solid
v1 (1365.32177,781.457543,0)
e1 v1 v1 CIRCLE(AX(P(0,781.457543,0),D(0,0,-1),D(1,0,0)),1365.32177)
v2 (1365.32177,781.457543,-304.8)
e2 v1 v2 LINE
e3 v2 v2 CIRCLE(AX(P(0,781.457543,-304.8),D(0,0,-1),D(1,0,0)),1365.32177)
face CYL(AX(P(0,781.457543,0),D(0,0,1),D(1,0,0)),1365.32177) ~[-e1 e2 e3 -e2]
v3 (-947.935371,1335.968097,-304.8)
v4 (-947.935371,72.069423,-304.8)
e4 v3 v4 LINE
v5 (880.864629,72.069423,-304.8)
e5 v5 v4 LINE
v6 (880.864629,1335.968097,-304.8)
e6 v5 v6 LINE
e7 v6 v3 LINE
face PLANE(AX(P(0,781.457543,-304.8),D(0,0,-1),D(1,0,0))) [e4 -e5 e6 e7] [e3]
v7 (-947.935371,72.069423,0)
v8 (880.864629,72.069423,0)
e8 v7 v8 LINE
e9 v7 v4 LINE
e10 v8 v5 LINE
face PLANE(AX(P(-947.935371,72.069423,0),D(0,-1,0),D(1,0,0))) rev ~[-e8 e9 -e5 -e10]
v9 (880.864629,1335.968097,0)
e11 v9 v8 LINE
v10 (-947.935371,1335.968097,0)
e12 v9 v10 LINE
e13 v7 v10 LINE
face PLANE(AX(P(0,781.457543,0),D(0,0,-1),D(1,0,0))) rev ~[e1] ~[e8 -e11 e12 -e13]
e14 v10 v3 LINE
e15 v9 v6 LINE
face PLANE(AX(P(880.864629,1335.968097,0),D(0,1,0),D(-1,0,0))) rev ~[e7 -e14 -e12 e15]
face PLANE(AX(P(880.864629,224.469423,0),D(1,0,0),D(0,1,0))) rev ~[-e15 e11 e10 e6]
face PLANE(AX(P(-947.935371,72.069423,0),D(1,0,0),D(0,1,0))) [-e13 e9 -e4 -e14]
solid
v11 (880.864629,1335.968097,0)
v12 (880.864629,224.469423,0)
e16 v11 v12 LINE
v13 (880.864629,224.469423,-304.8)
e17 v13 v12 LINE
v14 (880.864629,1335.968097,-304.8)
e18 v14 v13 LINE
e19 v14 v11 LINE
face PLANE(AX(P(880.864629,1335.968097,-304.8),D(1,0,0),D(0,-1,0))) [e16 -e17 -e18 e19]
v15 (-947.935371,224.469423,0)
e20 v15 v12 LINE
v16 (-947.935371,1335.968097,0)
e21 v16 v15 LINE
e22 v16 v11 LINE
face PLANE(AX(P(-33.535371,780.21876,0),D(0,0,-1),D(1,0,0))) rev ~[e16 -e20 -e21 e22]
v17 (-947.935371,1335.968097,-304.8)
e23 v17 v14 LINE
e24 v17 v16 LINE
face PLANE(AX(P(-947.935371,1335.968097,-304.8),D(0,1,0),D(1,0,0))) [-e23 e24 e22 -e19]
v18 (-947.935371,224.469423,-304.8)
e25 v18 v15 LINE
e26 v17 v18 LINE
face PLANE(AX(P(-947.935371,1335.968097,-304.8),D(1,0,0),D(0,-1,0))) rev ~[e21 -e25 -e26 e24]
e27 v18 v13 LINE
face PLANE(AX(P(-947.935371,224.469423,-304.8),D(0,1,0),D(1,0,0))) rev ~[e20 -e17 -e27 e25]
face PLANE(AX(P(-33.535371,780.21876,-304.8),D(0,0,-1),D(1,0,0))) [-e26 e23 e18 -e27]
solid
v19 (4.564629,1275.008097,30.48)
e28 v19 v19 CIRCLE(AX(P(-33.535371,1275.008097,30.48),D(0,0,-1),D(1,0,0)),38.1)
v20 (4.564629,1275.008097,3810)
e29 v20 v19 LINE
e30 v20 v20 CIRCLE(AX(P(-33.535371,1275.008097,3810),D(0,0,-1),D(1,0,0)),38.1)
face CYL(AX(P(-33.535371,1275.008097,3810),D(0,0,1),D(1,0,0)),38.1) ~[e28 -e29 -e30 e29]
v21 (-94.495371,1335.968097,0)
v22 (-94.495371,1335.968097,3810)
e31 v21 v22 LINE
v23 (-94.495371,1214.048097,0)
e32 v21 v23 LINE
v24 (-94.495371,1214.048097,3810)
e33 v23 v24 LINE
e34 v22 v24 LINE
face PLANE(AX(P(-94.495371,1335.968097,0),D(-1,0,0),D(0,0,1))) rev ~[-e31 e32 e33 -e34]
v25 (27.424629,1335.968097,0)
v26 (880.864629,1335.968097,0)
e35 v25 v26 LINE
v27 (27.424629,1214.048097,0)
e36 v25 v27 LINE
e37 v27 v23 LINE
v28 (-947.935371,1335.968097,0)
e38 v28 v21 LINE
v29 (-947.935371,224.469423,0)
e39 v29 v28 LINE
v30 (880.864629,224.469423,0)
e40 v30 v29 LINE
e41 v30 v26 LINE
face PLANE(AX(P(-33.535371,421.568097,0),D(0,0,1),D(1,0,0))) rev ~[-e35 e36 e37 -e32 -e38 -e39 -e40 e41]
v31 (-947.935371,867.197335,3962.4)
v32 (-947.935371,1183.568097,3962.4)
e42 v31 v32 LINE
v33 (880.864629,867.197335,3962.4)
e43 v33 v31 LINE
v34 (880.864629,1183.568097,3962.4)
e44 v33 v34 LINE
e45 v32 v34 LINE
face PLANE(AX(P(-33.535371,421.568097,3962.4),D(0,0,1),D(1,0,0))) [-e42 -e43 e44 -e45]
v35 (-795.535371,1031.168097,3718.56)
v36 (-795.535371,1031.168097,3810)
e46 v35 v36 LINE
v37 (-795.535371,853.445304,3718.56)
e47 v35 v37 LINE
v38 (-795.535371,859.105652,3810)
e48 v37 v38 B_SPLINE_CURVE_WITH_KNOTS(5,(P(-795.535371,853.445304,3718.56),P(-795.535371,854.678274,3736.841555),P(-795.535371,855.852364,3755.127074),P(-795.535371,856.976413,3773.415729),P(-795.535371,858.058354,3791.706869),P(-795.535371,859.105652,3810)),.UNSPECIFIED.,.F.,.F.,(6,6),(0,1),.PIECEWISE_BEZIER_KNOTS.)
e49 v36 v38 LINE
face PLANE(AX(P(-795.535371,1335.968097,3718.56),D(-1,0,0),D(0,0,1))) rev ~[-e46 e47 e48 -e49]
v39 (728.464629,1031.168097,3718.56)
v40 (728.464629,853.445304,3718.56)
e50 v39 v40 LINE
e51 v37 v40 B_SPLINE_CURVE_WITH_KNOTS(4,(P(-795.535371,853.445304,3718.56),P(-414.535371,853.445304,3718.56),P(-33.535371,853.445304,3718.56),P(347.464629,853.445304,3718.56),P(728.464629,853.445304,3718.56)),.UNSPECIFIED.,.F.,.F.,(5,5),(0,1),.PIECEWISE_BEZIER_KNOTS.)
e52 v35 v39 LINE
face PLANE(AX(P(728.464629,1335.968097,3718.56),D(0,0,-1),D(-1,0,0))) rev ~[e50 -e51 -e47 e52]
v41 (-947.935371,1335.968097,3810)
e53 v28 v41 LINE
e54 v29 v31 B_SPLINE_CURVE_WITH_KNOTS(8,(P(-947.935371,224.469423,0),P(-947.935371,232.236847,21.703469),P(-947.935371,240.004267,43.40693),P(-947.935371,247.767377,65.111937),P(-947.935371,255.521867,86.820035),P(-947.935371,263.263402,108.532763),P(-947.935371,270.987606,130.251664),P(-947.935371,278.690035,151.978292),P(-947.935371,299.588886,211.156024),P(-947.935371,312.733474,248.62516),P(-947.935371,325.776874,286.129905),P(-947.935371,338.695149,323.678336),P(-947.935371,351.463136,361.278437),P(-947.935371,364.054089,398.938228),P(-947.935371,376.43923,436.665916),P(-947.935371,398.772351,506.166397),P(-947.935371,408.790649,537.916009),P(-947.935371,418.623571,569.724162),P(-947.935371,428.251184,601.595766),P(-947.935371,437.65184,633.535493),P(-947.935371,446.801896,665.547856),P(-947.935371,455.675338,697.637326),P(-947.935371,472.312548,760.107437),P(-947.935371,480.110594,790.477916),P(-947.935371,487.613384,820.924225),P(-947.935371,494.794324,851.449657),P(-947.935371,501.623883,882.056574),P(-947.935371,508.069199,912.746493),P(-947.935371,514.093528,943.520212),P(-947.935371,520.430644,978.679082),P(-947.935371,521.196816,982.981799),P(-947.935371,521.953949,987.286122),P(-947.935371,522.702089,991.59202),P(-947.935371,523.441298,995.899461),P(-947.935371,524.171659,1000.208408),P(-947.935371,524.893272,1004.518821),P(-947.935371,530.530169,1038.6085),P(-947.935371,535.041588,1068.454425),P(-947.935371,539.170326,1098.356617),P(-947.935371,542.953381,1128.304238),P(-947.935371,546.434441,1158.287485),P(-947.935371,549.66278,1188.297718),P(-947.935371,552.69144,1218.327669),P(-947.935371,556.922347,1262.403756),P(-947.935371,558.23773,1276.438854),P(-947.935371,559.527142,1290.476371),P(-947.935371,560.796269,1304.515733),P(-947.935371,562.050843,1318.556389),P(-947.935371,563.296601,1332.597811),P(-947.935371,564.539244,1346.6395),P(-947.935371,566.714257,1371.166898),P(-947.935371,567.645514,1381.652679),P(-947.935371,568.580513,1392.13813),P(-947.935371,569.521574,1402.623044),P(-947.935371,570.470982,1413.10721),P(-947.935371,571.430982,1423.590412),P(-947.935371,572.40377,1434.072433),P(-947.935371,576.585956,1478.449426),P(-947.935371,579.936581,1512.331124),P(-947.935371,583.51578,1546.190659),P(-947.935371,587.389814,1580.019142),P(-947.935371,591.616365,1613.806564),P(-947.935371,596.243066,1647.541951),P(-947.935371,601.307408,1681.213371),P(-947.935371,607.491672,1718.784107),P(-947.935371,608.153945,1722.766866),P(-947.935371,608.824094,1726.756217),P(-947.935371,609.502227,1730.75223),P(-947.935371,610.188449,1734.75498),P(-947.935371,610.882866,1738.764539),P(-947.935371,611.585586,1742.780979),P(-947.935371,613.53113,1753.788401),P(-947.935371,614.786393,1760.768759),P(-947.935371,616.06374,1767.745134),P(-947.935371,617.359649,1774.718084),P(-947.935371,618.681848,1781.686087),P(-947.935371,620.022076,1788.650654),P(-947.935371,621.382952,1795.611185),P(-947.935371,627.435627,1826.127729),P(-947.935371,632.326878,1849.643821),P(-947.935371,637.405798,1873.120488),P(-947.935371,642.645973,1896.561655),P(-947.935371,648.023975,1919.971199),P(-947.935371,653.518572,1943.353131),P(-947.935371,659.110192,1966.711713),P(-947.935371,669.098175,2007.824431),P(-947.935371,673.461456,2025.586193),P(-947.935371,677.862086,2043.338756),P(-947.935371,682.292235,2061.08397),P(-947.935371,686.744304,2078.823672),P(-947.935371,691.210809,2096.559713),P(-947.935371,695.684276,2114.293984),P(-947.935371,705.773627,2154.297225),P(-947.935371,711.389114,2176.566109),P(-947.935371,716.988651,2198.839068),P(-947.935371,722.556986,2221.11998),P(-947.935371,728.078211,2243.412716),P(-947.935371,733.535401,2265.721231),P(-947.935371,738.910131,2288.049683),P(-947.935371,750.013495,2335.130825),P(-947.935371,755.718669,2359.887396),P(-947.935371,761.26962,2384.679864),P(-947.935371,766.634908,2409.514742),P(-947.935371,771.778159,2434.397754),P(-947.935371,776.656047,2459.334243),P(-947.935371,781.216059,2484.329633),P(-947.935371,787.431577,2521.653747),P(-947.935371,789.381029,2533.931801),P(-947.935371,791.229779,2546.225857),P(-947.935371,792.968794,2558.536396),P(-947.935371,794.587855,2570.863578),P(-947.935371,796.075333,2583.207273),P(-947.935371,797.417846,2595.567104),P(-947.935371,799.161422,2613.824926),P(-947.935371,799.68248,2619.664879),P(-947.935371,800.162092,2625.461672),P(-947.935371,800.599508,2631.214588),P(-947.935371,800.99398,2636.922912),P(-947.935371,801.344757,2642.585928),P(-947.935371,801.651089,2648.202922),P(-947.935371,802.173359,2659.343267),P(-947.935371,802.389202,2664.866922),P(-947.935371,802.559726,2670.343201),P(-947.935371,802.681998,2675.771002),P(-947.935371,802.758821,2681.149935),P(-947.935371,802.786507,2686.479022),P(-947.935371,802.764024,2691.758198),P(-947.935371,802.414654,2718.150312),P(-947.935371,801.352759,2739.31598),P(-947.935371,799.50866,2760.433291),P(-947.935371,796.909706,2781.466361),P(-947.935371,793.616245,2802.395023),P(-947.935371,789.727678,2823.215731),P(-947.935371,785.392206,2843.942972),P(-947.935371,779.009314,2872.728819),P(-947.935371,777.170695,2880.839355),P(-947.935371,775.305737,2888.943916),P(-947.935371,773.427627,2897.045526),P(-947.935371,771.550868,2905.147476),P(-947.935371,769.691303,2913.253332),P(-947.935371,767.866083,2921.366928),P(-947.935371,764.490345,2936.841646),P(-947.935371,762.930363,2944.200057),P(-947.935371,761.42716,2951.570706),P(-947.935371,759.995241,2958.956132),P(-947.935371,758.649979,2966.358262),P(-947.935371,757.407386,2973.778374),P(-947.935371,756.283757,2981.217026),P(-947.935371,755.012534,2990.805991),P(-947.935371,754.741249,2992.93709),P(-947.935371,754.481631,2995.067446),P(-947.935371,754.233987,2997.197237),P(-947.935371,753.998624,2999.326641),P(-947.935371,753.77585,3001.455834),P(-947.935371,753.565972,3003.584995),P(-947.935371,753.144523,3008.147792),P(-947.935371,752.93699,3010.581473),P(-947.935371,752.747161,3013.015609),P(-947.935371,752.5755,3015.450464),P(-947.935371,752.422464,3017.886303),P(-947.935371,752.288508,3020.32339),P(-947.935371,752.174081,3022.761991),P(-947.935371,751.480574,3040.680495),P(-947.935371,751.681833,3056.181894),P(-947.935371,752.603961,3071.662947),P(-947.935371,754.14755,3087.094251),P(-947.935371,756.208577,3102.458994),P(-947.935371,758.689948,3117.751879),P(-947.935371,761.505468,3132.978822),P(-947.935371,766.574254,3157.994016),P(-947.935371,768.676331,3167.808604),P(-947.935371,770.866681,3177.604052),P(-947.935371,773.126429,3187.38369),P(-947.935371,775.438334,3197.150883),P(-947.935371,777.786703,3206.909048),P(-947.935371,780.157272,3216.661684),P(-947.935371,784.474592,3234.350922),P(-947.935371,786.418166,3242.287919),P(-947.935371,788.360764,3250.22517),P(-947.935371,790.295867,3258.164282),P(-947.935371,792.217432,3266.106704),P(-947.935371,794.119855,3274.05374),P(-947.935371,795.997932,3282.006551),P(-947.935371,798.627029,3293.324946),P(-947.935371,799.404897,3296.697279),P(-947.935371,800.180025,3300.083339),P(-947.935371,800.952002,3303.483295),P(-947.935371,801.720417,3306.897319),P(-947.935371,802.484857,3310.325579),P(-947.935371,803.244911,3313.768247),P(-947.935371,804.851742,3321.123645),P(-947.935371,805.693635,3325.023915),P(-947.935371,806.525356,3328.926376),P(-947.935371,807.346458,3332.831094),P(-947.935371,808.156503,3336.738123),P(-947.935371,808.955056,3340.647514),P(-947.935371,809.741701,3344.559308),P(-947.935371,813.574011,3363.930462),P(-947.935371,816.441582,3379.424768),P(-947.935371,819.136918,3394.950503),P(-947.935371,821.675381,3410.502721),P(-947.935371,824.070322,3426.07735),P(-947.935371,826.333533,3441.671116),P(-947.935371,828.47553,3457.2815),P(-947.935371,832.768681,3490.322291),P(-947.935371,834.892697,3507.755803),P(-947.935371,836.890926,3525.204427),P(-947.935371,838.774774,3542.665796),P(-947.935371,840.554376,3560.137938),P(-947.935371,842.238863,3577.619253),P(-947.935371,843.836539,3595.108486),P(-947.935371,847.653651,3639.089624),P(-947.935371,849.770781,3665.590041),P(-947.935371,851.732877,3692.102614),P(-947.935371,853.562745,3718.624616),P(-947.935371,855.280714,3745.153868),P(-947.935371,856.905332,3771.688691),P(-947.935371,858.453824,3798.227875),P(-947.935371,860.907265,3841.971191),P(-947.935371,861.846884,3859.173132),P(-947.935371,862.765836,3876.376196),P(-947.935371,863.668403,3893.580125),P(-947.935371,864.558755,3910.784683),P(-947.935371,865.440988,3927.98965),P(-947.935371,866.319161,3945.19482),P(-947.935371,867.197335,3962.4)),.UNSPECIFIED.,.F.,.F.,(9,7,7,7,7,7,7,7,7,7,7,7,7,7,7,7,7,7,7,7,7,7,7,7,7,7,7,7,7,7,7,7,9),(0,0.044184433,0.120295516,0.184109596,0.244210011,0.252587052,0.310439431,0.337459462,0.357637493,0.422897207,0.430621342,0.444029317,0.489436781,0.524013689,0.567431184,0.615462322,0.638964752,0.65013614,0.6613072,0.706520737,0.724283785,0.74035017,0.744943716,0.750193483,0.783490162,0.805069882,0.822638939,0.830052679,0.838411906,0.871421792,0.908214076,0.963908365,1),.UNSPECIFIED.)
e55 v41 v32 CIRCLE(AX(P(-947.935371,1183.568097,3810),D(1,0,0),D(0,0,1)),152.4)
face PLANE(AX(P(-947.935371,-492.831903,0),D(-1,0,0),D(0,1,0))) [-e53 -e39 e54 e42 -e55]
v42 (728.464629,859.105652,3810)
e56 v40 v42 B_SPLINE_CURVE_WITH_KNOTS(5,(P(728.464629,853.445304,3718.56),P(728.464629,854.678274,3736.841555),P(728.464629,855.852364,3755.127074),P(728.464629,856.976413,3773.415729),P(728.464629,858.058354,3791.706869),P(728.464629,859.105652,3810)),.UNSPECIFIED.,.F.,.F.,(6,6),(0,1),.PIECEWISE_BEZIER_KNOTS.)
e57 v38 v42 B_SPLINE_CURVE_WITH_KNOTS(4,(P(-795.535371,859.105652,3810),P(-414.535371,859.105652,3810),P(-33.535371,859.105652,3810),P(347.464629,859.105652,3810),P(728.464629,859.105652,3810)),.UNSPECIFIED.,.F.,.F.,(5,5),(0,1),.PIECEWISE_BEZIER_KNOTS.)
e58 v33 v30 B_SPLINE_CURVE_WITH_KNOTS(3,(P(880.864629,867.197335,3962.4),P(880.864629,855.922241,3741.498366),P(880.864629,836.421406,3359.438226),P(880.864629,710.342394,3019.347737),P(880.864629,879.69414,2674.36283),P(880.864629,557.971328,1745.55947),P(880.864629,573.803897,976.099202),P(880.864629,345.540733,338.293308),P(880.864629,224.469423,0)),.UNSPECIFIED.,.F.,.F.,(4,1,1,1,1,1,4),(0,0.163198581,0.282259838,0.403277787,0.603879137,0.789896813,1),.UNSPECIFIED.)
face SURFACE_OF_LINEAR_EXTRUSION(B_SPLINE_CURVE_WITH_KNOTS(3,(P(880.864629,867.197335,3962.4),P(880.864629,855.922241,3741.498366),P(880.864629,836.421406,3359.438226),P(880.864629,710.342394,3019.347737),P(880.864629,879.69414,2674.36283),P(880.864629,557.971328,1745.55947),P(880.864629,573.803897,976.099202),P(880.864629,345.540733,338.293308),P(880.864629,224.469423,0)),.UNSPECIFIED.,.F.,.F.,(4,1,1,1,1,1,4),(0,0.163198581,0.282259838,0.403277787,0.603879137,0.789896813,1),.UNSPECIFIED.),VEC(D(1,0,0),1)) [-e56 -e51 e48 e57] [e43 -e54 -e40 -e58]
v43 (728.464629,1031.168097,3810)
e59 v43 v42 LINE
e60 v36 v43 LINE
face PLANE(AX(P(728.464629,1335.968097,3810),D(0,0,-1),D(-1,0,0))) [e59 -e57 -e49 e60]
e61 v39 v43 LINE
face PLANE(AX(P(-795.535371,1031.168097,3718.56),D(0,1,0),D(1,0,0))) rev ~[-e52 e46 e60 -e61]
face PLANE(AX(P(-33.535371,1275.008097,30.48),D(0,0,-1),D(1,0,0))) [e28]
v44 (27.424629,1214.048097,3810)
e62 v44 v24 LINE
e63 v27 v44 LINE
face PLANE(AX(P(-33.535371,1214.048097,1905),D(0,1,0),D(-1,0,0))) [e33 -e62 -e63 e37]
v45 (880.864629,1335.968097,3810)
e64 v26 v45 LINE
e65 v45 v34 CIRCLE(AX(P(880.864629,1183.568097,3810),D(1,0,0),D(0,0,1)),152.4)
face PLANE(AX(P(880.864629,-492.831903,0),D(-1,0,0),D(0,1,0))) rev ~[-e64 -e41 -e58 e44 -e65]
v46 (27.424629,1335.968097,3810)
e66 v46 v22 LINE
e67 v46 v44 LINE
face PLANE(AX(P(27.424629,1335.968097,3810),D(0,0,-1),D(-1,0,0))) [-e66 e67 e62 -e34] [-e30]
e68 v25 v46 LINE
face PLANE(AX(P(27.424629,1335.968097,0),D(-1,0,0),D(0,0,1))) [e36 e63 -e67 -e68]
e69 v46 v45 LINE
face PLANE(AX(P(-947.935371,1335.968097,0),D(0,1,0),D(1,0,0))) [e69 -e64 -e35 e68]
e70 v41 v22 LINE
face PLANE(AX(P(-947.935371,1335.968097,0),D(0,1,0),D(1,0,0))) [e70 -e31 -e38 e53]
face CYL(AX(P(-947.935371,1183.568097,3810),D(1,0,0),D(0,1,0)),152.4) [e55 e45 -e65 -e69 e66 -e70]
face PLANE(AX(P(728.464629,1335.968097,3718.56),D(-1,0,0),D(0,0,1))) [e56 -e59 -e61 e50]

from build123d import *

# Parameters (mm, degrees)
F0_W      = 1828.8
F0_H      = 1828.8
F1_DEPTH  = 3962.4
F3_DEPTH  = 1828.801
F4_R      = 1365.3217697693
F5_DEPTH  = 304.8
F6_W      = 1828.8
F6_H      = 1111.4986732128
F8_DEPTH  = 304.8
F7_R      = 1795.3323418284
F7_W      = 1828.8
F7_H      = 1111.4986732128
F9_DEPTH  = 304.8
F10_R     = 152.4
F11_W     = 1524
F11_H     = 91.44
F12_DEPTH = 2338.3258338011
F13_W     = 1524
F13_H     = 304.8
F14_DEPTH = 91.44
F15_W     = 121.92
F15_H     = 3810
F16_DEPTH = 121.92
F17_R     = 38.1
F18_DEPTH = 3779.52
F20_W     = 1828.8
F20_H     = 152.4
F21_DEPTH = 304.801


with BuildPart() as f1:
    # F0 (on Top) → F1 (new body)
    with BuildSketch(Plane.XY):
        with Locations((-33.5353706032, 421.5680965069)):
            Rectangle(F0_W, F0_H)
    extrude(amount=F1_DEPTH)

    # F2 (on face) → F3 (cut, through all)
    with BuildSketch(Plane.YZ.offset(880.8646293968)):
        with BuildLine():
            add(Edge.make_bspline(
                [(867.1973347664, 3962.4), (855.9222409024, 3741.4983659509), (836.4214056516, 3359.4382262864), (710.3423939879, 3019.3477369058), (879.6941403278, 2674.362829819), (557.9713275543, 1745.5594696148), (573.8038971935, 976.099202154), (345.5407326385, 338.2933084374), (224.4694232941, 0)],
                knots=[0, 0, 0, 0, 0.1631985806, 0.2822598381, 0.4032777866, 0.6038791368, 0.7898968135, 1, 1, 1, 1], degree=3))
            Line((867.1973347664, 3962.4), (-492.8319034931, 3962.4))
            Line((-492.8319034931, 3962.4), (-492.8319034931, 0))
            Line((-492.8319034931, 0), (224.4694232941, 0))
        make_face()
    extrude(amount=-F3_DEPTH, mode=Mode.SUBTRACT)

    # F10
    f10_edges = [f1.edges().sort_by_distance(p)[0] for p in [
        (-33.535371, 1335.968097, 3962.4),
    ]]
    fillet(f10_edges, radius=F10_R)

    # F11 (on face) → F12 (cut, through all)
    with BuildSketch(Plane(origin=(0, 1335.9680965069, 0), x_dir=(-1, 0, 0), z_dir=(0, 1, 0))):
        with Locations((33.5353706032, 3764.28)):
            Rectangle(F11_W, F11_H)
    extrude(amount=-F12_DEPTH, mode=Mode.SUBTRACT)

    # F13 (on face) → F14 (join)
    with BuildSketch(Plane.XY.offset(3718.56)):
        with Locations((-33.5353706032, 1183.5680965069)):
            Rectangle(F13_W, F13_H)
    extrude(amount=F14_DEPTH)

    # F15 (on face) → F16 (cut)
    with BuildSketch(Plane(origin=(0, 1335.9680965069, 0), x_dir=(-1, 0, 0), z_dir=(0, 1, 0))):
        with Locations((33.5353706032, 1905)):
            Rectangle(F15_W, F15_H)
    extrude(amount=-F16_DEPTH, mode=Mode.SUBTRACT)

    # F17 (on face) → F18 (join)
    with BuildSketch(Plane(origin=(0, 0, 3810), x_dir=(1, 0, 0), z_dir=(0, 0, -1))):
        with Locations((-33.5353706032, -1275.0080965069)):
            Circle(F17_R)
    extrude(amount=F18_DEPTH)


with BuildPart() as f5:
    # F4 (on face) → F5 (new body)
    with BuildSketch(Plane(origin=(0, 0, 0), x_dir=(1, 0, 0), z_dir=(0, 0, -1))):
        with Locations((0, -781.4575433731)):
            Circle(F4_R)
        Polygon((-947.9353706032, -224.4694232941), (880.8646293968, -224.4694232941), (880.8646293968, -780.2187599005), (880.8646293968, -1335.9680965069), (-947.9353706032, -1335.9680965069), align=None, mode=Mode.SUBTRACT)
    extrude(amount=F5_DEPTH)

    # F20 (on face) → F21 (cut, through all)
    with BuildSketch(Plane.XY):
        with Locations((-33.5353706032, 148.2694232941)):
            Rectangle(F20_W, F20_H)
    extrude(amount=-F21_DEPTH, mode=Mode.SUBTRACT)


with BuildPart() as f8:
    # F6 (on face) → F8 (new body)
    with BuildSketch(Plane(origin=(0, 0, -304.8), x_dir=(1, 0, 0), z_dir=(0, 0, -1))):
        with Locations((-33.5353706032, -780.2187599005)):
            Rectangle(F6_W, F6_H)
    extrude(amount=-F8_DEPTH)


with BuildPart() as f9:
    # F7 (on face) → F9 (new body)
    with BuildSketch(Plane(origin=(0, 0, -304.8), x_dir=(1, 0, 0), z_dir=(0, 0, -1))):
        with Locations((0, -792.9756045341)):
            Circle(F7_R)
        with Locations((-33.5353706032, -780.2187599005)):
            Rectangle(F7_W, F7_H, mode=Mode.SUBTRACT)
    extrude(amount=F9_DEPTH)


solid = Compound([f1.part, f5.part, f8.part])
